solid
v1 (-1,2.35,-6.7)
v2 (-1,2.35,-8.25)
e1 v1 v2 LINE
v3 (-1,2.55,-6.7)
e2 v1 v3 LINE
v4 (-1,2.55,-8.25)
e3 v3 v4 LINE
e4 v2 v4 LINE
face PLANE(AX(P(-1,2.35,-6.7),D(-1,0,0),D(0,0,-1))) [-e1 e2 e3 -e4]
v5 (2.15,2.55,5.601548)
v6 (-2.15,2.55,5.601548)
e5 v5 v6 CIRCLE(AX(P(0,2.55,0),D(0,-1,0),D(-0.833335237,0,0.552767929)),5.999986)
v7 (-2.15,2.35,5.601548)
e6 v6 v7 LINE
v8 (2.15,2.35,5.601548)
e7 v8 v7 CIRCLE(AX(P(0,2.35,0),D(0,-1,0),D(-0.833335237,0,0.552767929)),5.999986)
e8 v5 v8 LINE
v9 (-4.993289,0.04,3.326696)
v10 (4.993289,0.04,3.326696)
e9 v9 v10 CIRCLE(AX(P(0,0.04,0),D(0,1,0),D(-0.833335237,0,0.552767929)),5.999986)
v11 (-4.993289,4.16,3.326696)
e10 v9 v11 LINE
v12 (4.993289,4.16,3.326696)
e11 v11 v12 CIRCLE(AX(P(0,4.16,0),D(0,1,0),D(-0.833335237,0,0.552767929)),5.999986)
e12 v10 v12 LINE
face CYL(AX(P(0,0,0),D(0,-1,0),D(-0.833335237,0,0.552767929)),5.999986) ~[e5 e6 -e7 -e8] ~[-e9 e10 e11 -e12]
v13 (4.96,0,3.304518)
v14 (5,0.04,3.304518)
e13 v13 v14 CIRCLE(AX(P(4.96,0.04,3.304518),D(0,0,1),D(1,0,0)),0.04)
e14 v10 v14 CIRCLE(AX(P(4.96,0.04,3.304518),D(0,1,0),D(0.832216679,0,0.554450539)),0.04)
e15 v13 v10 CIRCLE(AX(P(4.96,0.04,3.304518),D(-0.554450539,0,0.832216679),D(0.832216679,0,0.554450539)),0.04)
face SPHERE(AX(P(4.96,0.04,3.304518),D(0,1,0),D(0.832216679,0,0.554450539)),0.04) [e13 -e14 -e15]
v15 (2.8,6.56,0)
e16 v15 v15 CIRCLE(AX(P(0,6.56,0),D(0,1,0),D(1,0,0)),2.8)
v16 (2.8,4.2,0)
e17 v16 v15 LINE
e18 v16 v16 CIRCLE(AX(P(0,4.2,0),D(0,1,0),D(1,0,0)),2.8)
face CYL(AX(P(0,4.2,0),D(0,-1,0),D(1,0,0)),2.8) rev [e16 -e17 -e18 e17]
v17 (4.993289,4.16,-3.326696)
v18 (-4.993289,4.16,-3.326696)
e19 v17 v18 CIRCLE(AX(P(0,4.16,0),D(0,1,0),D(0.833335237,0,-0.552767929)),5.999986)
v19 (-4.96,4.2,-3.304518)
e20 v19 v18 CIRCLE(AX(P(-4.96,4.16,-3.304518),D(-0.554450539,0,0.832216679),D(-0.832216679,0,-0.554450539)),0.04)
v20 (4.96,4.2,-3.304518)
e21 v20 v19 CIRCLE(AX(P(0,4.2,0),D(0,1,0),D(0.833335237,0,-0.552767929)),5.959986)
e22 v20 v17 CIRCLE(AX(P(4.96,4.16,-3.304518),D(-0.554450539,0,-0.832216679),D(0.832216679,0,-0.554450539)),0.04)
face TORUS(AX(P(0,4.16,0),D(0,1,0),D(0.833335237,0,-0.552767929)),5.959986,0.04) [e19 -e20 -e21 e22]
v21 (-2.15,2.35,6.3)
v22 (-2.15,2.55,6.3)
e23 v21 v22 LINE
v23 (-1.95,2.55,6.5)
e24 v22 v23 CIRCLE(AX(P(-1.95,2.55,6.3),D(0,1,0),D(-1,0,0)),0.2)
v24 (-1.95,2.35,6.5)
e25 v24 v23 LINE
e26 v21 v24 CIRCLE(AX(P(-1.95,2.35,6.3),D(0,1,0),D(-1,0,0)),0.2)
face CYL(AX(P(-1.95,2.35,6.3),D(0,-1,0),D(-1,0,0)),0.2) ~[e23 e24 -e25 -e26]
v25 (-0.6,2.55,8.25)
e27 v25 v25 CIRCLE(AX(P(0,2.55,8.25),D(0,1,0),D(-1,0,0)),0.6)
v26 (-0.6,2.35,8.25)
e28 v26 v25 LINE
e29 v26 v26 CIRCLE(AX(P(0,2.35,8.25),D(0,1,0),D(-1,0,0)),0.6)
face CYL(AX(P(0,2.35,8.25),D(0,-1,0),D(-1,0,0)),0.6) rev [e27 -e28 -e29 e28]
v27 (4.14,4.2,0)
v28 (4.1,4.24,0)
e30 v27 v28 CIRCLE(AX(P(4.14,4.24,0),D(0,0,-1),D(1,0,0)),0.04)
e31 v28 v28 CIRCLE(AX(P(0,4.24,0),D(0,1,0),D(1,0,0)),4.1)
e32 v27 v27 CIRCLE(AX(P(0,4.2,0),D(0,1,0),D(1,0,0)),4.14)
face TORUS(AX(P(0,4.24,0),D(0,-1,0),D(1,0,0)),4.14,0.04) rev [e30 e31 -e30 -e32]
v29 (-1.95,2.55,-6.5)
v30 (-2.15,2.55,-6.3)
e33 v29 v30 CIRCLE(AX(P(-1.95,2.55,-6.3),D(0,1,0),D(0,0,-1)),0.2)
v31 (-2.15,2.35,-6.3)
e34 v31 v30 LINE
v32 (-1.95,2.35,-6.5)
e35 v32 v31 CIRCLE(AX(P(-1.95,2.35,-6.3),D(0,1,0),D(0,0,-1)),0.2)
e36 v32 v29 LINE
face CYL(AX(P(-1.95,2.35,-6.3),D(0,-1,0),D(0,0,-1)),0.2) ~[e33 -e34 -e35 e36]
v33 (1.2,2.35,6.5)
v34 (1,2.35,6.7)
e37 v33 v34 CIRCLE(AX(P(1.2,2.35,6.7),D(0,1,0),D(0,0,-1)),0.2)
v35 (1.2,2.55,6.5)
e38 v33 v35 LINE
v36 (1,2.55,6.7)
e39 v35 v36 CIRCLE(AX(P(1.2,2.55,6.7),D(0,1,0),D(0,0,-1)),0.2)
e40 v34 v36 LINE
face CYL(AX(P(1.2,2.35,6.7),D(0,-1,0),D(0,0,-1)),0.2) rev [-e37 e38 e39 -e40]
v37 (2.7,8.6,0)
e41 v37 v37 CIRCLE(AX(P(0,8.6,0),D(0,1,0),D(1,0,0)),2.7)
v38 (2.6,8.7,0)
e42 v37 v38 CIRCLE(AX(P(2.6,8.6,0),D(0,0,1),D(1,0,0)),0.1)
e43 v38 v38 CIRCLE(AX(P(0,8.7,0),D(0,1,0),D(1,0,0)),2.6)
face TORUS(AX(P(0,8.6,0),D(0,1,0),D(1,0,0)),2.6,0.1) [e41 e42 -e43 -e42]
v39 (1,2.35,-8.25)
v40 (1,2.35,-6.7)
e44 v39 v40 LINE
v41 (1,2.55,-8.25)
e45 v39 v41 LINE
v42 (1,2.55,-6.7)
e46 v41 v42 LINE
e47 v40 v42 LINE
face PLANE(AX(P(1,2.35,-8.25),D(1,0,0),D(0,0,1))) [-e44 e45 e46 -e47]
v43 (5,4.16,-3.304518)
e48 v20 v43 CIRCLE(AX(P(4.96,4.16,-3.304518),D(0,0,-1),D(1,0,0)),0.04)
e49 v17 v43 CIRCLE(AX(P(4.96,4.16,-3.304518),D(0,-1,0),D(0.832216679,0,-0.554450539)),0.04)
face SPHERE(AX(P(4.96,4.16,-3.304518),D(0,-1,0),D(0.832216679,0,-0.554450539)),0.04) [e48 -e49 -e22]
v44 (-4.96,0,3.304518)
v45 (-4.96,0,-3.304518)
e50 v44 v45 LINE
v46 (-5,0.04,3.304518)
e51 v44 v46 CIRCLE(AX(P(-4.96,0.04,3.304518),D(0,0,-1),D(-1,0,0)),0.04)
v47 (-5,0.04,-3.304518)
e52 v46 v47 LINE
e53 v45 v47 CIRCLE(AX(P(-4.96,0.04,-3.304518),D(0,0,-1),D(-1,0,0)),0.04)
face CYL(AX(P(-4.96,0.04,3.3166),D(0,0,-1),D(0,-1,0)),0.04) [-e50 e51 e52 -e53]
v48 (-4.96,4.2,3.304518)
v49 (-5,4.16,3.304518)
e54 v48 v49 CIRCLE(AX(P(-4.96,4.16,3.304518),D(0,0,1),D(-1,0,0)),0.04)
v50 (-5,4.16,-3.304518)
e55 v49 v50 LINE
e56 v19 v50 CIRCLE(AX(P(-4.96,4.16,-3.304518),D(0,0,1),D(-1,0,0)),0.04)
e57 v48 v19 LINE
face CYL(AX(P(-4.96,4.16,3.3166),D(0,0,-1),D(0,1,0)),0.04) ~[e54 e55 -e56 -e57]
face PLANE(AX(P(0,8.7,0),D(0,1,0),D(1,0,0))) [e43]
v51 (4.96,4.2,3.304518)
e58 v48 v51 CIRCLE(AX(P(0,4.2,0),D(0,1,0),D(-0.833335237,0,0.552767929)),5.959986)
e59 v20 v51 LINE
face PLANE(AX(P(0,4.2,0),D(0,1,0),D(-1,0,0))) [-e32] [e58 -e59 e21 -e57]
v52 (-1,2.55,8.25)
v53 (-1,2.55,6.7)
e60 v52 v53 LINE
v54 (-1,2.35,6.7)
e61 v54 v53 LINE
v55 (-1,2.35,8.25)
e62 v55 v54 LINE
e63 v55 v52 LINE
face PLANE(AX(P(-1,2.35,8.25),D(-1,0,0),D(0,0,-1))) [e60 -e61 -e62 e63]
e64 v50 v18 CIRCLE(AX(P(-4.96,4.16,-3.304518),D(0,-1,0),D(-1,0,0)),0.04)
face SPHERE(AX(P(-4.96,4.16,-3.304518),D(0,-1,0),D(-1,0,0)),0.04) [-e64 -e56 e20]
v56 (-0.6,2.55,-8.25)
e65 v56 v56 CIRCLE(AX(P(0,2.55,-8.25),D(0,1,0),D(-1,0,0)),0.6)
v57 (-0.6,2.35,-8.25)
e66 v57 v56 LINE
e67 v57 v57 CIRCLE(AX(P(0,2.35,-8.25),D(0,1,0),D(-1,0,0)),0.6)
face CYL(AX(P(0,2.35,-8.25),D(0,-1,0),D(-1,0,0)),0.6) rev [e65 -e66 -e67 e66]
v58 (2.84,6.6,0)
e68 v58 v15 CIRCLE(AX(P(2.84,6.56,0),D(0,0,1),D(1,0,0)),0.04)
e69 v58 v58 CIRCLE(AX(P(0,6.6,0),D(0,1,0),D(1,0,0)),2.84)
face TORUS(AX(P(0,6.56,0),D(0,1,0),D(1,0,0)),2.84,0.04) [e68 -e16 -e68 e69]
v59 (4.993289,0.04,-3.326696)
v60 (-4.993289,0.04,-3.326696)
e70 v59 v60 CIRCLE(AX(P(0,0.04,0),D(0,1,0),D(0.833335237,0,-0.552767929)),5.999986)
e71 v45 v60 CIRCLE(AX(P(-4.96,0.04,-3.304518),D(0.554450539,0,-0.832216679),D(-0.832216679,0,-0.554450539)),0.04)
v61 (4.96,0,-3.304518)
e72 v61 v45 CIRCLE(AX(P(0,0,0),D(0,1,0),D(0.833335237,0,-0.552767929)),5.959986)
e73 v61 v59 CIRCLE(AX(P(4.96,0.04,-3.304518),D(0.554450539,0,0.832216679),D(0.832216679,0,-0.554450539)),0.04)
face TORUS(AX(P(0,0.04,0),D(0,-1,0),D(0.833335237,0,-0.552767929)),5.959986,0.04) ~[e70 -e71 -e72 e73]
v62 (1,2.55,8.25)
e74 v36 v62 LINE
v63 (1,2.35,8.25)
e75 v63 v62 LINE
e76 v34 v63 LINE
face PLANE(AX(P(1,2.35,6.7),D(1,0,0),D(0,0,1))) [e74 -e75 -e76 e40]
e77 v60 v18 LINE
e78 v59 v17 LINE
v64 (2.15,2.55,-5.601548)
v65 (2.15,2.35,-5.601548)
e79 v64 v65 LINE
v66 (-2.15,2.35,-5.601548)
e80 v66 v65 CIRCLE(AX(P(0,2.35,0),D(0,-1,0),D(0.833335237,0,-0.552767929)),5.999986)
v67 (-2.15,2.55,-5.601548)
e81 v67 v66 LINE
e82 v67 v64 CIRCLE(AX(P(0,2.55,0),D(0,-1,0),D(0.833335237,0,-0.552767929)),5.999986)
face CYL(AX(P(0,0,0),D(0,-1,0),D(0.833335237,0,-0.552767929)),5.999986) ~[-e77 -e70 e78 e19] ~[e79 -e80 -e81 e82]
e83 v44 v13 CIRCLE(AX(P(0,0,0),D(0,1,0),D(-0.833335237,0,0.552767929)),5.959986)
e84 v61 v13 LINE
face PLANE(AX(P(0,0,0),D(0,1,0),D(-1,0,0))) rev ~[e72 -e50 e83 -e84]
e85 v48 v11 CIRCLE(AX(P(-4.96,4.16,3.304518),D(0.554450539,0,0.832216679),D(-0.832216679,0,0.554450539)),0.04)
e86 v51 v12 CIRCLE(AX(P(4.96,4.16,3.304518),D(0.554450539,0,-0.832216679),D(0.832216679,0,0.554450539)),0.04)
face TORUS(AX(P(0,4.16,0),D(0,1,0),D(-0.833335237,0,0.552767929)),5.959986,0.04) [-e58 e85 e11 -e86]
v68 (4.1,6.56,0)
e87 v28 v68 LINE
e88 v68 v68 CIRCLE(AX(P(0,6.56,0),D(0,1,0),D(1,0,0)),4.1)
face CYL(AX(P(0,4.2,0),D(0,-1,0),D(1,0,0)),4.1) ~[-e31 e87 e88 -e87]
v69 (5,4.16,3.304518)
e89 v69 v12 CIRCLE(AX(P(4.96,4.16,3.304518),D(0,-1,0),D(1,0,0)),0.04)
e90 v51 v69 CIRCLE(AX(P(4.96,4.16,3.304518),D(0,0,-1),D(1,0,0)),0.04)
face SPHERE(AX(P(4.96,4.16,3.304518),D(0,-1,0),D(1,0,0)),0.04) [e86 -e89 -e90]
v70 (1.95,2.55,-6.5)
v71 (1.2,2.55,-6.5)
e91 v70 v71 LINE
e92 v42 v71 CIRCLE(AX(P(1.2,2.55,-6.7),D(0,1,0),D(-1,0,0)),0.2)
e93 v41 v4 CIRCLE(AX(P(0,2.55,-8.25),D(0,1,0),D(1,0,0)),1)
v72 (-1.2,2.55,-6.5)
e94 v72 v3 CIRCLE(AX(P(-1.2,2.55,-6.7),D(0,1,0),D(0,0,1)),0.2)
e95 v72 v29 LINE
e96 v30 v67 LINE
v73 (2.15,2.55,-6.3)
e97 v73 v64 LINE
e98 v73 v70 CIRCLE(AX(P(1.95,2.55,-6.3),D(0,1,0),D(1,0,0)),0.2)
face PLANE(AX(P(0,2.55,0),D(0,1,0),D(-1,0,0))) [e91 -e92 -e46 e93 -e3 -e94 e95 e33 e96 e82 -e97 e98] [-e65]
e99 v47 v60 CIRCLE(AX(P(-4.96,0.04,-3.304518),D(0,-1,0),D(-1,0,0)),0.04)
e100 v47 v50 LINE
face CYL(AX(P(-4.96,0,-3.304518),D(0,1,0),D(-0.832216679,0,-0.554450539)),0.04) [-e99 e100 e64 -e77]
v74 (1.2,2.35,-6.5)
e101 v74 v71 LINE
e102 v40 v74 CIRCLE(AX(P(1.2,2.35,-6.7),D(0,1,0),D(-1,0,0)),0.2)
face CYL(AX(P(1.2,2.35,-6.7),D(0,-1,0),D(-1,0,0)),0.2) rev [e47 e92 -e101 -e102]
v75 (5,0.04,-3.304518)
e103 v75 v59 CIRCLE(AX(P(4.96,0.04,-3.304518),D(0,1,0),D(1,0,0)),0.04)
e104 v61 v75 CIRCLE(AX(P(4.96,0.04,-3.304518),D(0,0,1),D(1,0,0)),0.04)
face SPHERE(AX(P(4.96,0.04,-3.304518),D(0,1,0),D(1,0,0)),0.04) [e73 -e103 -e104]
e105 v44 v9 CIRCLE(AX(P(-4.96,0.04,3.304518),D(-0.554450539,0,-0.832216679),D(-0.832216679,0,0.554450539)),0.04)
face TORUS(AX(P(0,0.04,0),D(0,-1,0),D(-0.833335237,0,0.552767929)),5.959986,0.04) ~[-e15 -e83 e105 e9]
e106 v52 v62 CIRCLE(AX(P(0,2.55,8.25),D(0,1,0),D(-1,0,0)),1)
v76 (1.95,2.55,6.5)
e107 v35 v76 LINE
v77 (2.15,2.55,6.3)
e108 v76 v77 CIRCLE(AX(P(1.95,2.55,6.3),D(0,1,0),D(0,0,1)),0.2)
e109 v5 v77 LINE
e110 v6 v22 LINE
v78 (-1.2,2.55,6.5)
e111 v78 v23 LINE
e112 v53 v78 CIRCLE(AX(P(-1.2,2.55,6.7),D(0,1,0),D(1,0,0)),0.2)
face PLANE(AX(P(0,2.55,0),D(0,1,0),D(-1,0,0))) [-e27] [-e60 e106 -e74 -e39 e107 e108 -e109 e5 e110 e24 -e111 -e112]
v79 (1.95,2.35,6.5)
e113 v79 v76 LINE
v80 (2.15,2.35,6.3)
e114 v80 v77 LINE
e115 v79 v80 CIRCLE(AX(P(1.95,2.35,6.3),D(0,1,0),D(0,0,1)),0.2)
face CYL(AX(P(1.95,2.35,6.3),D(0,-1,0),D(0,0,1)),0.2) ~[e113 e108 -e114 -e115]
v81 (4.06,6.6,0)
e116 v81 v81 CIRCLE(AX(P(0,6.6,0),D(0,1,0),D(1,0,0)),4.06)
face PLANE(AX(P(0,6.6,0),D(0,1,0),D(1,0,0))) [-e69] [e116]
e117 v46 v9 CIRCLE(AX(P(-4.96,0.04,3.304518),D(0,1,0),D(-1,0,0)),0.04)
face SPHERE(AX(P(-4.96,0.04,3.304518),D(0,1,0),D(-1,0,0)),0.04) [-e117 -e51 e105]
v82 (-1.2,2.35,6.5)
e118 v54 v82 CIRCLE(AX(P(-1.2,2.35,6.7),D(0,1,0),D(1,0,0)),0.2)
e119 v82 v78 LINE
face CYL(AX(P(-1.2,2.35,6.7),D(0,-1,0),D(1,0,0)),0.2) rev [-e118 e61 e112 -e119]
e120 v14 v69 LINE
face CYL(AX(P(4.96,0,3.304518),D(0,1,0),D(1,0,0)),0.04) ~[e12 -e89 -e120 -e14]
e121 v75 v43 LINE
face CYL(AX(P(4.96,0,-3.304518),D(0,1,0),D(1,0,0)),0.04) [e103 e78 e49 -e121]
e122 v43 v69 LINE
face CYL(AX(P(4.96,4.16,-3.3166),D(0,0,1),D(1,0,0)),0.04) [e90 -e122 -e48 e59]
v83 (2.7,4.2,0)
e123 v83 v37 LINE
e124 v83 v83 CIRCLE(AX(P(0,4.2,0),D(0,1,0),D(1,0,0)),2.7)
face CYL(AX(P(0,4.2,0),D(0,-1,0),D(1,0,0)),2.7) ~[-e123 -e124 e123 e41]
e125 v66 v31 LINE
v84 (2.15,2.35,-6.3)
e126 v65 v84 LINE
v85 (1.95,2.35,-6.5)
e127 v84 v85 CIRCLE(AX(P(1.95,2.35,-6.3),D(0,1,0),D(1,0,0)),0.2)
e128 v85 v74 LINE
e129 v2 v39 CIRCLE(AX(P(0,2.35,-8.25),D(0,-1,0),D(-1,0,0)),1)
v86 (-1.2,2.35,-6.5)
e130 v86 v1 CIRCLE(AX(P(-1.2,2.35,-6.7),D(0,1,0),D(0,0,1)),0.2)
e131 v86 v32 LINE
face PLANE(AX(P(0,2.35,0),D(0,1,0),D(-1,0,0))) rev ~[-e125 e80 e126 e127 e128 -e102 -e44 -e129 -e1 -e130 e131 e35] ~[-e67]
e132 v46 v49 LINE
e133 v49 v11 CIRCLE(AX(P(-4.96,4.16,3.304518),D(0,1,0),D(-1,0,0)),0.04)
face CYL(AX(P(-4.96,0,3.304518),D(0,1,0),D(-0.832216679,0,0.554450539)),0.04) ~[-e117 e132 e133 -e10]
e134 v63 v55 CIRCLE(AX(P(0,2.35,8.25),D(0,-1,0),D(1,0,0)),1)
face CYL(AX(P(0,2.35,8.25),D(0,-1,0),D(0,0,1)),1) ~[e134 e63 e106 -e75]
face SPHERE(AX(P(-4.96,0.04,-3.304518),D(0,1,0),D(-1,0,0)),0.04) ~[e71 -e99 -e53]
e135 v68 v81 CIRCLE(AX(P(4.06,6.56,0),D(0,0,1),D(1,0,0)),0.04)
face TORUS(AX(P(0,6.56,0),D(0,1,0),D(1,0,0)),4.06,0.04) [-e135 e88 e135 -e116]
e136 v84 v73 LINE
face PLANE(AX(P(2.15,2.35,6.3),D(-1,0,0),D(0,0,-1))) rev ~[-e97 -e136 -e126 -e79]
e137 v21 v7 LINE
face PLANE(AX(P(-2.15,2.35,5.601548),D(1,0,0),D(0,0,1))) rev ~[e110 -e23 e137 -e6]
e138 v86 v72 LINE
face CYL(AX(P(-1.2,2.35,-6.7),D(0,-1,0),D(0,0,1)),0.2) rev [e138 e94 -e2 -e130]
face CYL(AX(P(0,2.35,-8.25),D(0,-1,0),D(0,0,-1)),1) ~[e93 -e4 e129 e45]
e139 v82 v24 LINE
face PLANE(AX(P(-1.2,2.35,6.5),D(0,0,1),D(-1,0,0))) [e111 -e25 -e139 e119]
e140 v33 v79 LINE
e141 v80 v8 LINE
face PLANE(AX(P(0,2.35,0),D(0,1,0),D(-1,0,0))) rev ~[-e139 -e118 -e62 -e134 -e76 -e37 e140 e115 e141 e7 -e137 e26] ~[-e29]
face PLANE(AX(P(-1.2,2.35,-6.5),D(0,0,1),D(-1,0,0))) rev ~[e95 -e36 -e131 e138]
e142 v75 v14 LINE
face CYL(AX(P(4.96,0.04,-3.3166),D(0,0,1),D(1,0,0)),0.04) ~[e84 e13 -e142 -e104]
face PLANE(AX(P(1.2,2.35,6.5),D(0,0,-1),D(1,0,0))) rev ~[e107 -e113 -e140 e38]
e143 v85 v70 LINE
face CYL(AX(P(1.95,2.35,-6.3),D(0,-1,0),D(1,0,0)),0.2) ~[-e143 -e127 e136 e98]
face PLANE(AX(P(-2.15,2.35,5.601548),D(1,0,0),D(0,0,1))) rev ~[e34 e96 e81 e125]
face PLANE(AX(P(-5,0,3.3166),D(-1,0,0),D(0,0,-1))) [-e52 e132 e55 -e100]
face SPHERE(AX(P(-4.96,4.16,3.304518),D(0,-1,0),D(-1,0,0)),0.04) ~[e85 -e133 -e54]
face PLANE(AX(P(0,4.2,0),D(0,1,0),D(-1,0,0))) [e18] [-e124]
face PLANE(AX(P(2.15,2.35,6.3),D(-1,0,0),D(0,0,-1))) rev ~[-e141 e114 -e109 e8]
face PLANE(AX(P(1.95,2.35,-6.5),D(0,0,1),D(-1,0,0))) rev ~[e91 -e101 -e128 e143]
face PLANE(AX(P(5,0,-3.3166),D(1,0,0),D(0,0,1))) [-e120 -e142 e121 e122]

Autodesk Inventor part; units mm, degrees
ref_plane "YZ Plane" through (0, 0, 0) normal (1, 0, 0) x (0, 1, 0)
ref_plane "XY Plane" through (0, 0, 0) normal (0, 0, 1) x (1, 0, 0)
sketch "Sketch1" plane through (0, 0, 0) normal (0, 1, 0) x (-1, 0, 0)
  line L0 (-5, -3.3166) -> (-5, 3.3166)
  line L1 (5, 3.3166) -> (5, -3.3166)
  line L2 (5, -6) -> (-5, 6) construction
  line L3 (-5, -6) -> (5, 6) construction
  arc A0 (-5, -3.3166) -> (5, -3.3166) centre (0, 0) ccw
  arc A1 (5, 3.3166) -> (-5, 3.3166) centre (0, 0) ccw
  dimension "d3" = 10
  dimension "d4" = 5
  dimension "d5" = 6
  dimension "d6" = 3.3166
  dimension "d7" = 6
extrude "Extrusion1" add sketch "Sketch1" along normal blind 4.2
sketch "Sketch3" plane through (0, 4.2, 0) normal (0, 1, 0) x (1, 0, 0)
  circle A0 centre (0, 0) radius 4.1
  circle A1 centre (0, 0) radius 2.8
  dimension "d26" = 8.2
  dimension "d27" = 5.6
extrude "Extrusion3" add sketch "Sketch3" along normal blind 2.4
ref_plane "Work Plane1" through (0, 2.35, 0) normal (0, 1, 0) x (-1, 0, 0)
sketch "Sketch2" plane through (0, 2.35, 0) normal (0, 1, 0) x (-1, 0, 0)
  line L0 (-5, 3.3166) -> (-5, -3.3166) projected
  arc A0 (-5, -3.3166) -> (5, -3.3166) centre (0, 0) ccw projected
  line L1 (5, -3.3166) -> (5, 3.3166) projected
  arc A1 (5, 3.3166) -> (-5, 3.3166) centre (0, 0) ccw projected
  line L2 (-1.2, 6.5) -> (-1.95, 6.5)
  line L3 (-2.15, 6.3) -> (-2.15, -6.3)
  line L4 (-1.95, -6.5) -> (-1.2, -6.5)
  line L5 (2.15, -6.3) -> (2.15, 6.3)
  line L6 (2.15, 6.5) -> (-2.15, -6.5) construction
  line L7 (-2.15, 6.5) -> (2.15, -6.5) construction
  line L8 (0, -9.25) -> (0, -9.25)
  line L9 (0, 9.25) -> (0, 9.25)
  line L10 (1, -9.25) -> (-1, 9.25) construction
  line L11 (-1, -9.25) -> (1, 9.25) construction
  arc A2 (1, 8.25) -> (0, 9.25) centre (0, 8.25) ccw
  arc A3 (0, 9.25) -> (-1, 8.25) centre (0, 8.25) ccw
  arc A4 (-1, -8.25) -> (0, -9.25) centre (0, -8.25) ccw
  arc A5 (0, -9.25) -> (1, -8.25) centre (0, -8.25) ccw
  circle A6 centre (0, 8.25) radius 0.6
  circle A7 centre (0, -8.25) radius 0.6
  line L12 (-1, 6.7) -> (-1, 8.25)
  line L13 (1, 8.25) -> (1, 6.7)
  line L14 (1, -6.7) -> (1, -8.25)
  line L15 (-1, -8.25) -> (-1, -6.7)
  arc A8 (-1.95, 6.5) -> (-2.15, 6.3) centre (-1.95, 6.3) ccw
  arc A9 (-1.2, 6.5) -> (-1, 6.7) centre (-1.2, 6.7) ccw
  arc A10 (-1, -6.7) -> (-1.2, -6.5) centre (-1.2, -6.7) ccw
  line L16 (1.2, -6.5) -> (1.95, -6.5)
  line L17 (1.2, 6.5) -> (1.95, 6.5)
  arc A11 (1, 6.7) -> (1.2, 6.5) centre (1.2, 6.7) ccw
  arc A12 (2.15, 6.3) -> (1.95, 6.5) centre (1.95, 6.3) ccw
  arc A13 (-2.15, -6.3) -> (-1.95, -6.5) centre (-1.95, -6.3) ccw
  arc A14 (1.2, -6.5) -> (1, -6.7) centre (1.2, -6.7) ccw
  arc A15 (1.95, -6.5) -> (2.15, -6.3) centre (1.95, -6.3) ccw
  point P0 (1, 6.5)
  point P1 (1, -6.5)
  dimension "d11" = 4.3
  dimension "d12" = 13
  dimension "d13" = 2
  dimension "d14" = 18.5
  dimension "d15" = 1
  dimension "d16" = 1.2
  dimension "d17" = 1.2
  dimension "d18" = 1.75
  dimension "d19" = 8.25
  dimension "d20" = 1.75
  dimension "d21" = 2
  dimension "d22" = 0.2
  dimension "d23" = 0.2
extrude "Extrusion2" add sketch "Sketch2" along normal blind 0.2 contours L3 A8 L2 A9 L12 A3 A2 L13 A11 L17 A12 L5 A1 | A1 L5 A0 L3 | A0 L5 A15 L16 A14 L14 A5 A4 L15 A10 L4 A13 L3
sketch "Sketch4" plane through (0, 4.2, 0) normal (0, 1, 0) x (1, 0, 0)
  circle A0 centre (0, 0) radius 2.7
  dimension "d30" = 5.4
extrude "Extrusion4" add sketch "Sketch4" along normal blind 4.5
fillet "Fillet1" radius 0.04 15 edges at (5, 4.2, 0) (0, 4.2, 6) (0, 0, 6) (5, 0, 0) (0, 0, -6) (5, 2.1, -3.3166) (5, 2.1, 3.3166) (0, 4.2, -6) (-5, 2.1, 3.3166) (-5, 2.1, -3.3166) (-5, 0, 0) (-5, 4.2, 0) (-4.1, 6.6, 0) (-2.8, 6.6, 0) (-4.1, 4.2, 0)
fillet "Fillet2" radius 0.1 1 edges at (-2.7, 8.7, 0)
equation "\"d17\" = d16"
properties part number "PB-2P-MPBS"
